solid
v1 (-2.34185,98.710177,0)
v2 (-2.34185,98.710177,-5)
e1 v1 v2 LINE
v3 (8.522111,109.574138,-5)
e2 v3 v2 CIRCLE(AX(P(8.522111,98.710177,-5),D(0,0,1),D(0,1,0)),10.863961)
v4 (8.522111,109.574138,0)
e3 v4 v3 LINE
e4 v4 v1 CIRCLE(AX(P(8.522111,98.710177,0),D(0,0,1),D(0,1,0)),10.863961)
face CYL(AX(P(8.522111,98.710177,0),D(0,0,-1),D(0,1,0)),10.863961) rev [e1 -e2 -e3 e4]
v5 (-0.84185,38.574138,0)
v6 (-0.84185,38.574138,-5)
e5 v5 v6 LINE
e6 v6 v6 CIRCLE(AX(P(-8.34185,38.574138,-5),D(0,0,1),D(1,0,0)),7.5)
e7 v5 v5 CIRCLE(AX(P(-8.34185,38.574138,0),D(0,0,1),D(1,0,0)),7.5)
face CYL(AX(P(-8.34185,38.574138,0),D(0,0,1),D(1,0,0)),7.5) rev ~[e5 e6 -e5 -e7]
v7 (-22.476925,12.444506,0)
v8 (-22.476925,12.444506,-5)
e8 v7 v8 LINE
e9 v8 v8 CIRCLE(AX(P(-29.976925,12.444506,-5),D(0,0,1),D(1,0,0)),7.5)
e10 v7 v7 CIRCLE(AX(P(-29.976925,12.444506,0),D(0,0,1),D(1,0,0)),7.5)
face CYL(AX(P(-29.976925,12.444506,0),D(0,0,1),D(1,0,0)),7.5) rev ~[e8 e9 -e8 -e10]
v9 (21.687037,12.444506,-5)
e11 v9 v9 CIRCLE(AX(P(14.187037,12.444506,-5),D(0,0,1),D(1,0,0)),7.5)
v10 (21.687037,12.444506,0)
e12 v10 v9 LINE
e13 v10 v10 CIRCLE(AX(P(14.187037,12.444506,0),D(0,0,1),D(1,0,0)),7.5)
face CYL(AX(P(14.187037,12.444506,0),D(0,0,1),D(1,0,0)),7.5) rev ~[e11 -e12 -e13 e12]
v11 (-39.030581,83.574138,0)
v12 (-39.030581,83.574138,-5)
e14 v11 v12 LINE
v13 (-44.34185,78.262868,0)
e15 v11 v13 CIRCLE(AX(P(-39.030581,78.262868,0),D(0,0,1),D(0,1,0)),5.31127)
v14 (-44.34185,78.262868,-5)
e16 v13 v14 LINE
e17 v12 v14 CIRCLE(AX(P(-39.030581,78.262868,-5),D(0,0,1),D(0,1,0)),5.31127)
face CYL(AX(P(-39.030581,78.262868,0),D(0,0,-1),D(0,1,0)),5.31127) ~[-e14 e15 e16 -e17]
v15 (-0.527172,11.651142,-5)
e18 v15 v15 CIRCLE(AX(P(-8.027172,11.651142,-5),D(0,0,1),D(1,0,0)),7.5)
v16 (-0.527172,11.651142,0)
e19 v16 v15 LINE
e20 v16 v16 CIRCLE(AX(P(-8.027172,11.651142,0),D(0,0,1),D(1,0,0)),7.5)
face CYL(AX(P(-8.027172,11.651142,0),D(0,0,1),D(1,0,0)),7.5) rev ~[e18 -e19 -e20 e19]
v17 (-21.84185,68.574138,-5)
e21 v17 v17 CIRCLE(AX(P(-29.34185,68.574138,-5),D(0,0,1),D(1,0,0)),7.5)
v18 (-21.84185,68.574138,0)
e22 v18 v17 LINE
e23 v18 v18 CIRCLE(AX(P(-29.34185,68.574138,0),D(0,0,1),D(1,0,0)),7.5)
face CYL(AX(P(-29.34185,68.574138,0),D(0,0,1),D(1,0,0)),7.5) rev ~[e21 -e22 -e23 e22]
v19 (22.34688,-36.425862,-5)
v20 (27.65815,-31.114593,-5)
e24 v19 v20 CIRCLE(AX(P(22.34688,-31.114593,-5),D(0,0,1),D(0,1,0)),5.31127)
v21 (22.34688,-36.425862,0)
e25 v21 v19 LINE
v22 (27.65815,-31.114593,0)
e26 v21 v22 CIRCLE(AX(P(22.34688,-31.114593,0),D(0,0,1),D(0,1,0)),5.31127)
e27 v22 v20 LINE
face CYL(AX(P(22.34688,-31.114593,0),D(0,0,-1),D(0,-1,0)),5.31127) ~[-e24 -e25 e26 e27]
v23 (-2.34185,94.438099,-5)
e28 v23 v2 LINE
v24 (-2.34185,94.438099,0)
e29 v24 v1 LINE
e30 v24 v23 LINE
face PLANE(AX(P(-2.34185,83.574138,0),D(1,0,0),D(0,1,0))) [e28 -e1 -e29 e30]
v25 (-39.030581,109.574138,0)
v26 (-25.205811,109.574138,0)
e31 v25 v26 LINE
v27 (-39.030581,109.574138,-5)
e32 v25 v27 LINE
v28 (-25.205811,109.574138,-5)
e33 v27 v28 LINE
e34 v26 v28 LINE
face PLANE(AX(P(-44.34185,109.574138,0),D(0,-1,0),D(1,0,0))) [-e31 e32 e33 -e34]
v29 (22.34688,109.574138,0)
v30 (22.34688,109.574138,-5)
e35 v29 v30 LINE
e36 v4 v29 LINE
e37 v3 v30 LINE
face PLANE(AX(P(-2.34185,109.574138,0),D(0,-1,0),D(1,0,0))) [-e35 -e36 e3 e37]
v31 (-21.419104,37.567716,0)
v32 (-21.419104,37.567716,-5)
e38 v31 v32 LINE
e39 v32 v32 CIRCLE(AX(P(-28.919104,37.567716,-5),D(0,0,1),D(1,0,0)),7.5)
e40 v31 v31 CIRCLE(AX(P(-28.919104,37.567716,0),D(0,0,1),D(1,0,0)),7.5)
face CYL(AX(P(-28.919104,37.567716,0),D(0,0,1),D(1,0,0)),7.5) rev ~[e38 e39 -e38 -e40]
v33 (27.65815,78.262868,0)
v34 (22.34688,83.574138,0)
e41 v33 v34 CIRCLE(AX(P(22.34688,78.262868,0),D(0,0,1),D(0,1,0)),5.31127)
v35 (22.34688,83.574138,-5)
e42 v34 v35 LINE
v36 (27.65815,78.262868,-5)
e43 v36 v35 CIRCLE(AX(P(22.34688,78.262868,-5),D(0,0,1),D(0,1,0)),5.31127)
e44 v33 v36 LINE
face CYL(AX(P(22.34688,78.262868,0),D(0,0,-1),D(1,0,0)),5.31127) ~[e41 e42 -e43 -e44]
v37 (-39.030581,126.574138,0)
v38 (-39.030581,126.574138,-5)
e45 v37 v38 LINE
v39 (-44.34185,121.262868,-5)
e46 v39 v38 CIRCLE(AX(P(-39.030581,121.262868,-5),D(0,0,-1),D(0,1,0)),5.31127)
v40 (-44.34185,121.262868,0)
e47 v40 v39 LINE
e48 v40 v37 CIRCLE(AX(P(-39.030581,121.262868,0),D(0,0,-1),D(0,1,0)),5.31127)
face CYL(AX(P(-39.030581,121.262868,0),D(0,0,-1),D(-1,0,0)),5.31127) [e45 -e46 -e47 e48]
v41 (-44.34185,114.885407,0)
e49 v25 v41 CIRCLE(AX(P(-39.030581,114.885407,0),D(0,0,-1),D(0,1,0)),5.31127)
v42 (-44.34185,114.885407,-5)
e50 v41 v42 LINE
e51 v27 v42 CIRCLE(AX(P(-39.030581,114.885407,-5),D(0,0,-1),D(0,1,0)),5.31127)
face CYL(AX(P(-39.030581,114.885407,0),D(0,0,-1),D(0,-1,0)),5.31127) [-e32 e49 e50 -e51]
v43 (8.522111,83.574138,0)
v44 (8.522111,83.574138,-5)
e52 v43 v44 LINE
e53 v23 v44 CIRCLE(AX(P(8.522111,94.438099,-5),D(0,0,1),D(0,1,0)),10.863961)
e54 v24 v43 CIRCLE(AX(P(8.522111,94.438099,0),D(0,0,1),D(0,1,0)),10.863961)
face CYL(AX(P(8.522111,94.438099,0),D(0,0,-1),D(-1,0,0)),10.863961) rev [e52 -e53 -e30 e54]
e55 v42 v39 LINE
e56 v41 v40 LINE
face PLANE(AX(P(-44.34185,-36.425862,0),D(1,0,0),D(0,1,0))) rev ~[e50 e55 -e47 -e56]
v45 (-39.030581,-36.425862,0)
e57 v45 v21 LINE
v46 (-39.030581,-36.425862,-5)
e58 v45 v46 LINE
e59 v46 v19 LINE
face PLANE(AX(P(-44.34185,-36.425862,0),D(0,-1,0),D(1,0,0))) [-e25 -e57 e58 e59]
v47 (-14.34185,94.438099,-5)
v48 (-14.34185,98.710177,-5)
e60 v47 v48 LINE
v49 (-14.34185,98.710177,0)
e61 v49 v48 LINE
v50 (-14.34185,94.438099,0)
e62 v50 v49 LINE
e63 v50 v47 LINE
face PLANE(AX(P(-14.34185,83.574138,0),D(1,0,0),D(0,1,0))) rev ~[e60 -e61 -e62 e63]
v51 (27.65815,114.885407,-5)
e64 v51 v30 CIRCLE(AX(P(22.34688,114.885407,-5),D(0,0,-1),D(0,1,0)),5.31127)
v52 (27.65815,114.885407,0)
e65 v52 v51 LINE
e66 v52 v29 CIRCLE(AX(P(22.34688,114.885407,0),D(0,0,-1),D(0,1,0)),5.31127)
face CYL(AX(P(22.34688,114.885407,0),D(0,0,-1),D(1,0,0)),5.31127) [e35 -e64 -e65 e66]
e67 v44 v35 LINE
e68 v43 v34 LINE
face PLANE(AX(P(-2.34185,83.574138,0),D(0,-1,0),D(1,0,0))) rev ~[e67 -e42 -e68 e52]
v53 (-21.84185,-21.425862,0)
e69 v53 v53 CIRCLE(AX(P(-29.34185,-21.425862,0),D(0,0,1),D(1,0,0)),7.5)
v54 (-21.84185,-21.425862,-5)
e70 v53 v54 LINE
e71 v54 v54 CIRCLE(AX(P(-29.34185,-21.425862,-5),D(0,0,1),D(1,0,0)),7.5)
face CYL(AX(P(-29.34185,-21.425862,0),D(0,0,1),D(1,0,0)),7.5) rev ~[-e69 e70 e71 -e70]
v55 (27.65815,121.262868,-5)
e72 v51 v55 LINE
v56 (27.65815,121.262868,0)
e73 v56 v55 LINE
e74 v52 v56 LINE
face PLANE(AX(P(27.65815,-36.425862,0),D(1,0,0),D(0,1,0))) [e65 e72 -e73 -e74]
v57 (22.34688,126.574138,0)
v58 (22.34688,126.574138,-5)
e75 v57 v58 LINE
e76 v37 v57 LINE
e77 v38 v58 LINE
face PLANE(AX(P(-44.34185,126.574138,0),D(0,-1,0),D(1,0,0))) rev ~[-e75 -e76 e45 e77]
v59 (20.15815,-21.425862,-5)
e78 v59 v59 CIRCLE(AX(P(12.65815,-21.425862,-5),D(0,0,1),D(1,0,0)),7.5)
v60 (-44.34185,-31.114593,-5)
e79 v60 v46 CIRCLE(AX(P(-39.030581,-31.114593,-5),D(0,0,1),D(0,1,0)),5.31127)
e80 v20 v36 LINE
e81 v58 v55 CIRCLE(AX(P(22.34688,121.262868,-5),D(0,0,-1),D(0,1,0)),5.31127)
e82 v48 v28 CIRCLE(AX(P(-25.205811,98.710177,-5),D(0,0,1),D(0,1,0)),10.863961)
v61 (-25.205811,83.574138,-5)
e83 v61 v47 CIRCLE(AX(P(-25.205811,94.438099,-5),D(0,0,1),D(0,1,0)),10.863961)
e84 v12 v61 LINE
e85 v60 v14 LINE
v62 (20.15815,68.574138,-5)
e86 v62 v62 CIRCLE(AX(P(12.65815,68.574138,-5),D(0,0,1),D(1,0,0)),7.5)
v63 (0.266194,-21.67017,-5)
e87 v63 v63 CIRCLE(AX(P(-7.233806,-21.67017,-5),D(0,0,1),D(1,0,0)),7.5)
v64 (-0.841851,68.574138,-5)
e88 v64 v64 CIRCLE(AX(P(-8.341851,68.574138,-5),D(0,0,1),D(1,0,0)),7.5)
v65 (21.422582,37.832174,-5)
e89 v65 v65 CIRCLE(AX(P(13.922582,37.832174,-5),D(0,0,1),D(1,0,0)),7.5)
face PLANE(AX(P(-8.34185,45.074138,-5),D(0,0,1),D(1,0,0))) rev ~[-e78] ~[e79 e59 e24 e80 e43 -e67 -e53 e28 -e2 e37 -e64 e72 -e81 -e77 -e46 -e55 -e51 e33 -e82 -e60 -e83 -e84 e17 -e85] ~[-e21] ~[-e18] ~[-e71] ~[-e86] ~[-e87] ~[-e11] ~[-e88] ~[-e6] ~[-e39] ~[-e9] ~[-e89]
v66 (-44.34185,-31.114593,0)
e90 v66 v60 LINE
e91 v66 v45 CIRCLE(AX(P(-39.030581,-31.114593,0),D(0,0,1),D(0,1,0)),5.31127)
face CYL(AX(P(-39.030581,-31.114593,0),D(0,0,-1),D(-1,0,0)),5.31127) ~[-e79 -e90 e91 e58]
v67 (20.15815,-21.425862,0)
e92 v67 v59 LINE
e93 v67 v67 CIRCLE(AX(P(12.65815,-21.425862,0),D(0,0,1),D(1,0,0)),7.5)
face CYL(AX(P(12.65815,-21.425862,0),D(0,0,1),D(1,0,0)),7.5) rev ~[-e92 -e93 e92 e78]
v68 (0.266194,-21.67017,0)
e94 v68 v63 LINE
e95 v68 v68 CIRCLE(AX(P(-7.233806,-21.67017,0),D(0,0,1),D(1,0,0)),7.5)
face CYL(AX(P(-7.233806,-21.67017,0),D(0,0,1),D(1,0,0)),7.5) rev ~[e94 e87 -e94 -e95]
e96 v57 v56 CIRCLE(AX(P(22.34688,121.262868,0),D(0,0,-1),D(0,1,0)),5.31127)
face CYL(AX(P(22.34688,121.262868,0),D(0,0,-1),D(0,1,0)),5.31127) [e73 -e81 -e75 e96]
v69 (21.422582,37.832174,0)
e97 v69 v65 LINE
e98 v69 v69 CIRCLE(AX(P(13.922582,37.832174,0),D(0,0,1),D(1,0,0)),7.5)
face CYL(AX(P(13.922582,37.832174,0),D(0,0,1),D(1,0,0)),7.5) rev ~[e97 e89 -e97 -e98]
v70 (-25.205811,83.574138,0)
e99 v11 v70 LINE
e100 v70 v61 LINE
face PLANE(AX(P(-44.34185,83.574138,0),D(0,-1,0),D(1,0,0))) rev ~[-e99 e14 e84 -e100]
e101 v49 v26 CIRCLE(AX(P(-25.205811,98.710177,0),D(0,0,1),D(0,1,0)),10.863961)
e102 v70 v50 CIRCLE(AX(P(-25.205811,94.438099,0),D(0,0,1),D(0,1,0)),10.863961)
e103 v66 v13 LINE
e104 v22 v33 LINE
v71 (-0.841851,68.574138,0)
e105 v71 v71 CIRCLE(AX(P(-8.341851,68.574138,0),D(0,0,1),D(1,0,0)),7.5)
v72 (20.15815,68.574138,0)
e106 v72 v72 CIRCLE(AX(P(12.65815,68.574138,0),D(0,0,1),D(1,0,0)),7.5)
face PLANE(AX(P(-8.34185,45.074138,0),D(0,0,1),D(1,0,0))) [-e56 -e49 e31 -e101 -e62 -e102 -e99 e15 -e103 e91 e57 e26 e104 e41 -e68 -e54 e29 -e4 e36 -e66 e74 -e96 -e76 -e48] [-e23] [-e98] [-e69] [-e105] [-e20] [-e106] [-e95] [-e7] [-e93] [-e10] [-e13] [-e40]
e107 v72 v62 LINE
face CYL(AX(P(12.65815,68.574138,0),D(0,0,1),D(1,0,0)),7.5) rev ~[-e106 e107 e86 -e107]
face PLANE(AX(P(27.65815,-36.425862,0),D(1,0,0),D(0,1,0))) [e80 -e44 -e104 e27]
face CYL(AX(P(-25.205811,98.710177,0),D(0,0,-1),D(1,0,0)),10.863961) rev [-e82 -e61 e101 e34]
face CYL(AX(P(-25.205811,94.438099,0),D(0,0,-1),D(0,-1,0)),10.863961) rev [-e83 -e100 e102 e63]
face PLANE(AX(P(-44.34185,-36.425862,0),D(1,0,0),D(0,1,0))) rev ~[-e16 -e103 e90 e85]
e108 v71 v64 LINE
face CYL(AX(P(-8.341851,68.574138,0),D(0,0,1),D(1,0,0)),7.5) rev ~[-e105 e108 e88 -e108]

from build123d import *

# Parameters (mm, degrees)
F0_W     = 72
F0_H     = 163
F1_DEPTH = 5
F2_W     = 30
F2_H     = 26
F2_R     = 7.5
F3_DEPTH = 25
F4_R     = 10.8639610307
F5_R     = 5.3112698372


with BuildPart() as f1:
    # F0 (on Top) → F1 (new body)
    with BuildSketch(Plane.XY):
        with Locations((-8.3418504, 45.0741375387)):
            Rectangle(F0_W, F0_H)
    extrude(amount=-F1_DEPTH)

    # F2 (on face) → F3 (cut)
    with BuildSketch(Plane.XY):
        with Locations((12.6581496, 96.5741375387)):
            Rectangle(F2_W, F2_H)
        with Locations((-29.3418504, 96.5741375387)):
            Rectangle(F2_W, F2_H)
        with Locations((12.6581496, 68.5741375387)):
            Circle(F2_R)
        with Locations((-29.3418504, 68.5741375387)):
            Circle(F2_R)
        with Locations((-8.3418504, 38.5741375387)):
            Circle(F2_R)
        with Locations((-29.3418504, -21.4258624613)):
            Circle(F2_R)
        with Locations((12.6581496, -21.4258624613)):
            Circle(F2_R)
        with Locations((-8.3418507129, 68.5741375387)):
            Circle(F2_R)
        with Locations((-28.9191044867, 37.5677160919)):
            Circle(F2_R)
        with Locations((13.9225823805, 37.8321744502)):
            Circle(F2_R)
        with Locations((-8.0271717161, 11.651141569)):
            Circle(F2_R)
        with Locations((-29.9769248813, 12.4445063993)):
            Circle(F2_R)
        with Locations((14.1870370135, 12.4445063993)):
            Circle(F2_R)
        with Locations((-7.2338064201, -21.6701701283)):
            Circle(F2_R)
    extrude(amount=-F3_DEPTH, mode=Mode.SUBTRACT)

    # F4
    f4_edges = [f1.edges().sort_by_distance(p)[0] for p in [
        (-2.34185, 109.574138, -2.5),
        (-2.34185, 83.574138, -2.5),
        (-14.34185, 83.574138, -2.5),
        (-14.34185, 109.574138, -2.5),
    ]]
    fillet(f4_edges, radius=F4_R)

    # F5
    f5_edges = [f1.edges().sort_by_distance(p)[0] for p in [
        (27.65815, 126.574138, -2.5),
        (-44.34185, 126.574138, -2.5),
        (-44.34185, 109.574138, -2.5),
        (-44.34185, 83.574138, -2.5),
        (27.65815, 109.574138, -2.5),
        (27.65815, 83.574138, -2.5),
        (-44.34185, -36.425862, -2.5),
        (27.65815, -36.425862, -2.5),
    ]]
    fillet(f5_edges, radius=F5_R)


solid = f1.part
